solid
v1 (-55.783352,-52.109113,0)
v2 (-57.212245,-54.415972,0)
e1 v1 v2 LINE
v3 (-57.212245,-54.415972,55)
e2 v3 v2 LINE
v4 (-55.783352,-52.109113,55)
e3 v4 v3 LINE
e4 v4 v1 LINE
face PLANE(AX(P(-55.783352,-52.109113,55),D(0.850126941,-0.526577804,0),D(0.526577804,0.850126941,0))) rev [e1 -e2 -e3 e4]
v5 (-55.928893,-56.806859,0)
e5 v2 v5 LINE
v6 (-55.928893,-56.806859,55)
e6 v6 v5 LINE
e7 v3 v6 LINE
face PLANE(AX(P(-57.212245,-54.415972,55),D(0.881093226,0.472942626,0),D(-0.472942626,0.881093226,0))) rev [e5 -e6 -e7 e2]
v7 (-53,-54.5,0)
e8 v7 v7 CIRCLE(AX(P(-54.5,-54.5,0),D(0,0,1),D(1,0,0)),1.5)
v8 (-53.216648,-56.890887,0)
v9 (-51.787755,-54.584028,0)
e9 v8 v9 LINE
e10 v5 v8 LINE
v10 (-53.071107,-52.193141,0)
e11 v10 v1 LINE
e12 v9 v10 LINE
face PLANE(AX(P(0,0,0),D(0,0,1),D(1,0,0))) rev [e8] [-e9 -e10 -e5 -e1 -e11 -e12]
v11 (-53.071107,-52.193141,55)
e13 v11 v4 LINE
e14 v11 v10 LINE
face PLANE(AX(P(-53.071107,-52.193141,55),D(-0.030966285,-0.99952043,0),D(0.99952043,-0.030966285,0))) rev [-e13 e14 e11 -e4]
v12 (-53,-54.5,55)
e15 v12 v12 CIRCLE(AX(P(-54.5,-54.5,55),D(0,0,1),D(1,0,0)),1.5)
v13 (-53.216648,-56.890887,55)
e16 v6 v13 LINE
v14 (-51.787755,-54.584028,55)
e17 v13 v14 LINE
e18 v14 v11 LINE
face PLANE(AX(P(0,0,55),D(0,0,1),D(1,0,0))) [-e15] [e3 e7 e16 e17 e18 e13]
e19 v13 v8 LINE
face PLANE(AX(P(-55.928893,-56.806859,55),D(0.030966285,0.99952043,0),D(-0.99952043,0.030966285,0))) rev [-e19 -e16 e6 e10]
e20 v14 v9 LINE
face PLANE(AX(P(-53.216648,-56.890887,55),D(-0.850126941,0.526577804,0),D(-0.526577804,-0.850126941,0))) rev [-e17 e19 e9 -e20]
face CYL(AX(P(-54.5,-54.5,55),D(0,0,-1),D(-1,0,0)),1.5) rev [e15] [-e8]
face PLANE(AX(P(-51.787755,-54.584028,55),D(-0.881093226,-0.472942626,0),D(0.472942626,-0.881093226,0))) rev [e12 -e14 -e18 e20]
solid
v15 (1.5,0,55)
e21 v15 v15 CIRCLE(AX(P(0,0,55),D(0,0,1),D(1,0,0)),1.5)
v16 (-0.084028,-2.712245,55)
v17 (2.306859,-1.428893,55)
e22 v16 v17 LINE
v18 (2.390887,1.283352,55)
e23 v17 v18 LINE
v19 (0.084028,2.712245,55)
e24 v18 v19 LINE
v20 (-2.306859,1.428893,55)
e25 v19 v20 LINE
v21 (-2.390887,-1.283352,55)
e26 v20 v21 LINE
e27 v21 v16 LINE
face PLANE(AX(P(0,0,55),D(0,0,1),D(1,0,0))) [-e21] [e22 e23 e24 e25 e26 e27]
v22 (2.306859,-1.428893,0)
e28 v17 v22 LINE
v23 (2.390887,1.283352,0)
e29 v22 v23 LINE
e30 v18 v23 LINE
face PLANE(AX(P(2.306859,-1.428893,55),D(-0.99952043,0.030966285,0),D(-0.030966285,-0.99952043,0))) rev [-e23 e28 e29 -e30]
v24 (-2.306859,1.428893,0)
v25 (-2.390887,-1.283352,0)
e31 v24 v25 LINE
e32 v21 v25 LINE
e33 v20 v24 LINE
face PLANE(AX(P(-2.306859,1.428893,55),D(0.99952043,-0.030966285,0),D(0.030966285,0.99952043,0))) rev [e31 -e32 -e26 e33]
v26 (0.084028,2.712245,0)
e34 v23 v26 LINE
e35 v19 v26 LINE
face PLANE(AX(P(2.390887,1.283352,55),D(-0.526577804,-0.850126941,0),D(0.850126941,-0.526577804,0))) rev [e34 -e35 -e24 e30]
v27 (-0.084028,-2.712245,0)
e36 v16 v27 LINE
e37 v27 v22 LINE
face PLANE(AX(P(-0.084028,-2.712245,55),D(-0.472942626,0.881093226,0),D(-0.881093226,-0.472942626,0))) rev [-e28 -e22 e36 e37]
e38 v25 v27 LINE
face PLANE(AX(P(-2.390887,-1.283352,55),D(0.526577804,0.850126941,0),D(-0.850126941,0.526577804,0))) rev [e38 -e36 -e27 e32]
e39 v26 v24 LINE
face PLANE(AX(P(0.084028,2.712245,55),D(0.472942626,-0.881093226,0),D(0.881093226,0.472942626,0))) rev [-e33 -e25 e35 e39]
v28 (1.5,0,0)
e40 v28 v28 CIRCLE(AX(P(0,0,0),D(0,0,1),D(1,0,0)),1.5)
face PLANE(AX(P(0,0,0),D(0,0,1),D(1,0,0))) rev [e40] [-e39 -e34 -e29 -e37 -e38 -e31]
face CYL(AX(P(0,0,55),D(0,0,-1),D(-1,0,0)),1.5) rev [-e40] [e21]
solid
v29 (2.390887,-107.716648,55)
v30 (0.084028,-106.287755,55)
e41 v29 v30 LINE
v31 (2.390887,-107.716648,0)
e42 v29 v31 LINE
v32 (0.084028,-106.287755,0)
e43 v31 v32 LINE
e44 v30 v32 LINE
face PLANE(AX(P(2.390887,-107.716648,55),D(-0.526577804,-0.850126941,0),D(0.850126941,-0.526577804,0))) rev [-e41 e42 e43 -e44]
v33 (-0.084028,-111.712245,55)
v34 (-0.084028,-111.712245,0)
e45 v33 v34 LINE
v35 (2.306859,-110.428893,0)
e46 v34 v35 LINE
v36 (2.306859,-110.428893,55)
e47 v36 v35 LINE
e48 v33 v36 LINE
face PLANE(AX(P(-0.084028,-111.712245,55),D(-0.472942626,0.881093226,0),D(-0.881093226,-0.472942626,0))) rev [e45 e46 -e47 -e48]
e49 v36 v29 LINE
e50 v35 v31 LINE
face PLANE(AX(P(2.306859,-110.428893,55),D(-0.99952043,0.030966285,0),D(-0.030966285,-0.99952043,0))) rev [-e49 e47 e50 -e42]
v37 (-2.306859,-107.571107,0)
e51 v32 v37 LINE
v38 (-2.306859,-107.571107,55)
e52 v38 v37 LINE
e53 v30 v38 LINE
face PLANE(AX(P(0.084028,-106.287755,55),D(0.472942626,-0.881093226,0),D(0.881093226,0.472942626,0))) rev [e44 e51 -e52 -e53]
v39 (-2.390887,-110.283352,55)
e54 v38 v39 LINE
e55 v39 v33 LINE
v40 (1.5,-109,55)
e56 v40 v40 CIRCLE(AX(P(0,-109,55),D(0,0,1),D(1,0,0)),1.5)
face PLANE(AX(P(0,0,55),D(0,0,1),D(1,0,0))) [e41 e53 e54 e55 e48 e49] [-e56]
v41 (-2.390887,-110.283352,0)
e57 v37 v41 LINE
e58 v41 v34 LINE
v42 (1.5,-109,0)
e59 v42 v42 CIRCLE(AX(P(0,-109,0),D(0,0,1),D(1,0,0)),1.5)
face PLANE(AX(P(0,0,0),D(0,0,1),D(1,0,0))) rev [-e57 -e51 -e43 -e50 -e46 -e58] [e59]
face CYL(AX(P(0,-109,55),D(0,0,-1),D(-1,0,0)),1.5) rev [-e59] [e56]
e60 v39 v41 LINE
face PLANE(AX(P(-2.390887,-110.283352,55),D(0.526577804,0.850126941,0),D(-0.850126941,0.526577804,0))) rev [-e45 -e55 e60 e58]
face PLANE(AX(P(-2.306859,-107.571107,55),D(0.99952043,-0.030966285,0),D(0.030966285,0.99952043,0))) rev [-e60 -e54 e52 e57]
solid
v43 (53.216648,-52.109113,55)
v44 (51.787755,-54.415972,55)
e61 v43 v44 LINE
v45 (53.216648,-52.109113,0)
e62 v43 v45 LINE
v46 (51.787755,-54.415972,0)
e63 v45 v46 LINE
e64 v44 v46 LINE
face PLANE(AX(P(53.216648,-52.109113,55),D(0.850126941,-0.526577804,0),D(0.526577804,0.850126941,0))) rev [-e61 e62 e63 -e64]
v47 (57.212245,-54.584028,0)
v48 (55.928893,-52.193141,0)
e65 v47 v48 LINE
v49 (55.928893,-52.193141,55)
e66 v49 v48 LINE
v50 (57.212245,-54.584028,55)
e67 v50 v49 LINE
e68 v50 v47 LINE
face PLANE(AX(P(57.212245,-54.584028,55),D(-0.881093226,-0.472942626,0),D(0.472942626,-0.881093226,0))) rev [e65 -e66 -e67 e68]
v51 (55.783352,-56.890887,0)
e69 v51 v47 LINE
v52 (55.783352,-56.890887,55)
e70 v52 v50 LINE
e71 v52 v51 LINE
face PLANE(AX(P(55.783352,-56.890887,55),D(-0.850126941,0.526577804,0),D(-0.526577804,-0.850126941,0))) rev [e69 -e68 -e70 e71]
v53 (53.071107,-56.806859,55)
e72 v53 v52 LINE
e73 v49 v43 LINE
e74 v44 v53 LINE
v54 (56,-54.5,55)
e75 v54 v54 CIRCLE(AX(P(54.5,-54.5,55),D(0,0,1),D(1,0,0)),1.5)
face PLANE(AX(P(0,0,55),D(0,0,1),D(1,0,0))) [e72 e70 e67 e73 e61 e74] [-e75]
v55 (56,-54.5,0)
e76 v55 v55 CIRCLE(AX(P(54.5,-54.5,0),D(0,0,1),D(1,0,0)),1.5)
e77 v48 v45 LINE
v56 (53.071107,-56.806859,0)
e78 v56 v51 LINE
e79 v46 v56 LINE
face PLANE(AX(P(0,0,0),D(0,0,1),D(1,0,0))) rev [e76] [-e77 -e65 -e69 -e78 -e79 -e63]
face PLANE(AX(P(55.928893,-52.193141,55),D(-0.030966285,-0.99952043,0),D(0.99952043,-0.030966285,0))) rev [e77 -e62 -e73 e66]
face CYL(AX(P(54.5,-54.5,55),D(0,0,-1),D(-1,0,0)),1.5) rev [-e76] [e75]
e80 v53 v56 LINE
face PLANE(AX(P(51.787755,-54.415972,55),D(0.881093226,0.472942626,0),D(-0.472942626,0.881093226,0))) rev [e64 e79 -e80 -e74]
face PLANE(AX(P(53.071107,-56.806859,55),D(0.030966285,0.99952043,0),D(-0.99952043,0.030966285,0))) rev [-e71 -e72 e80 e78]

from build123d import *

# Parameters (mm, degrees)
SKETCH_1_R        = 1.5
EXTRUDE_1_DEPTH   = 55
EXTRUDE_1_2_DEPTH = 55
EXTRUDE_1_3_DEPTH = 55
EXTRUDE_1_4_DEPTH = 55


with BuildPart() as part:
    # 草图1 → 凸台-拉伸1 (new body)
    with BuildSketch(Plane.XY):
        Polygon((53.071106767, -56.806858787), (55.783351696, -56.890887232), (57.212244929, -54.584028446), (55.928893233, -52.193141213), (53.216648304, -52.109112768), (51.787755071, -54.415971554), align=None)
        with Locations((54.5, -54.5)):
            Circle(SKETCH_1_R, mode=Mode.SUBTRACT)
    extrude(amount=EXTRUDE_1_DEPTH)


with BuildPart() as body_2:
    # 草图1 → Extrude 1 2 (new body)
    with BuildSketch(Plane.XY):
        Polygon((2.306858787, -1.428893233), (2.390887232, 1.283351696), (0.084028446, 2.712244929), (-2.306858787, 1.428893233), (-2.390887232, -1.283351696), (-0.084028446, -2.712244929), align=None)
        Circle(SKETCH_1_R, mode=Mode.SUBTRACT)
    extrude(amount=EXTRUDE_1_2_DEPTH)


with BuildPart() as body_3:
    # 草图1 → Extrude 1 3 (new body)
    with BuildSketch(Plane.XY):
        Polygon((-2.306858787, -107.571106767), (-2.390887232, -110.283351696), (-0.084028446, -111.712244929), (2.306858787, -110.428893233), (2.390887232, -107.716648304), (0.084028446, -106.287755071), align=None)
        with Locations((0, -109)):
            Circle(SKETCH_1_R, mode=Mode.SUBTRACT)
    extrude(amount=EXTRUDE_1_3_DEPTH)


with BuildPart() as body_4:
    # 草图1 → Extrude 1 4 (new body)
    with BuildSketch(Plane.XY):
        Polygon((-53.071106767, -52.193141213), (-55.783351696, -52.109112768), (-57.212244929, -54.415971554), (-55.928893233, -56.806858787), (-53.216648304, -56.890887232), (-51.787755071, -54.584028446), align=None)
        with Locations((-54.5, -54.5)):
            Circle(SKETCH_1_R, mode=Mode.SUBTRACT)
    extrude(amount=EXTRUDE_1_4_DEPTH)


solid = Compound([part.part, body_2.part, body_3.part, body_4.part])
